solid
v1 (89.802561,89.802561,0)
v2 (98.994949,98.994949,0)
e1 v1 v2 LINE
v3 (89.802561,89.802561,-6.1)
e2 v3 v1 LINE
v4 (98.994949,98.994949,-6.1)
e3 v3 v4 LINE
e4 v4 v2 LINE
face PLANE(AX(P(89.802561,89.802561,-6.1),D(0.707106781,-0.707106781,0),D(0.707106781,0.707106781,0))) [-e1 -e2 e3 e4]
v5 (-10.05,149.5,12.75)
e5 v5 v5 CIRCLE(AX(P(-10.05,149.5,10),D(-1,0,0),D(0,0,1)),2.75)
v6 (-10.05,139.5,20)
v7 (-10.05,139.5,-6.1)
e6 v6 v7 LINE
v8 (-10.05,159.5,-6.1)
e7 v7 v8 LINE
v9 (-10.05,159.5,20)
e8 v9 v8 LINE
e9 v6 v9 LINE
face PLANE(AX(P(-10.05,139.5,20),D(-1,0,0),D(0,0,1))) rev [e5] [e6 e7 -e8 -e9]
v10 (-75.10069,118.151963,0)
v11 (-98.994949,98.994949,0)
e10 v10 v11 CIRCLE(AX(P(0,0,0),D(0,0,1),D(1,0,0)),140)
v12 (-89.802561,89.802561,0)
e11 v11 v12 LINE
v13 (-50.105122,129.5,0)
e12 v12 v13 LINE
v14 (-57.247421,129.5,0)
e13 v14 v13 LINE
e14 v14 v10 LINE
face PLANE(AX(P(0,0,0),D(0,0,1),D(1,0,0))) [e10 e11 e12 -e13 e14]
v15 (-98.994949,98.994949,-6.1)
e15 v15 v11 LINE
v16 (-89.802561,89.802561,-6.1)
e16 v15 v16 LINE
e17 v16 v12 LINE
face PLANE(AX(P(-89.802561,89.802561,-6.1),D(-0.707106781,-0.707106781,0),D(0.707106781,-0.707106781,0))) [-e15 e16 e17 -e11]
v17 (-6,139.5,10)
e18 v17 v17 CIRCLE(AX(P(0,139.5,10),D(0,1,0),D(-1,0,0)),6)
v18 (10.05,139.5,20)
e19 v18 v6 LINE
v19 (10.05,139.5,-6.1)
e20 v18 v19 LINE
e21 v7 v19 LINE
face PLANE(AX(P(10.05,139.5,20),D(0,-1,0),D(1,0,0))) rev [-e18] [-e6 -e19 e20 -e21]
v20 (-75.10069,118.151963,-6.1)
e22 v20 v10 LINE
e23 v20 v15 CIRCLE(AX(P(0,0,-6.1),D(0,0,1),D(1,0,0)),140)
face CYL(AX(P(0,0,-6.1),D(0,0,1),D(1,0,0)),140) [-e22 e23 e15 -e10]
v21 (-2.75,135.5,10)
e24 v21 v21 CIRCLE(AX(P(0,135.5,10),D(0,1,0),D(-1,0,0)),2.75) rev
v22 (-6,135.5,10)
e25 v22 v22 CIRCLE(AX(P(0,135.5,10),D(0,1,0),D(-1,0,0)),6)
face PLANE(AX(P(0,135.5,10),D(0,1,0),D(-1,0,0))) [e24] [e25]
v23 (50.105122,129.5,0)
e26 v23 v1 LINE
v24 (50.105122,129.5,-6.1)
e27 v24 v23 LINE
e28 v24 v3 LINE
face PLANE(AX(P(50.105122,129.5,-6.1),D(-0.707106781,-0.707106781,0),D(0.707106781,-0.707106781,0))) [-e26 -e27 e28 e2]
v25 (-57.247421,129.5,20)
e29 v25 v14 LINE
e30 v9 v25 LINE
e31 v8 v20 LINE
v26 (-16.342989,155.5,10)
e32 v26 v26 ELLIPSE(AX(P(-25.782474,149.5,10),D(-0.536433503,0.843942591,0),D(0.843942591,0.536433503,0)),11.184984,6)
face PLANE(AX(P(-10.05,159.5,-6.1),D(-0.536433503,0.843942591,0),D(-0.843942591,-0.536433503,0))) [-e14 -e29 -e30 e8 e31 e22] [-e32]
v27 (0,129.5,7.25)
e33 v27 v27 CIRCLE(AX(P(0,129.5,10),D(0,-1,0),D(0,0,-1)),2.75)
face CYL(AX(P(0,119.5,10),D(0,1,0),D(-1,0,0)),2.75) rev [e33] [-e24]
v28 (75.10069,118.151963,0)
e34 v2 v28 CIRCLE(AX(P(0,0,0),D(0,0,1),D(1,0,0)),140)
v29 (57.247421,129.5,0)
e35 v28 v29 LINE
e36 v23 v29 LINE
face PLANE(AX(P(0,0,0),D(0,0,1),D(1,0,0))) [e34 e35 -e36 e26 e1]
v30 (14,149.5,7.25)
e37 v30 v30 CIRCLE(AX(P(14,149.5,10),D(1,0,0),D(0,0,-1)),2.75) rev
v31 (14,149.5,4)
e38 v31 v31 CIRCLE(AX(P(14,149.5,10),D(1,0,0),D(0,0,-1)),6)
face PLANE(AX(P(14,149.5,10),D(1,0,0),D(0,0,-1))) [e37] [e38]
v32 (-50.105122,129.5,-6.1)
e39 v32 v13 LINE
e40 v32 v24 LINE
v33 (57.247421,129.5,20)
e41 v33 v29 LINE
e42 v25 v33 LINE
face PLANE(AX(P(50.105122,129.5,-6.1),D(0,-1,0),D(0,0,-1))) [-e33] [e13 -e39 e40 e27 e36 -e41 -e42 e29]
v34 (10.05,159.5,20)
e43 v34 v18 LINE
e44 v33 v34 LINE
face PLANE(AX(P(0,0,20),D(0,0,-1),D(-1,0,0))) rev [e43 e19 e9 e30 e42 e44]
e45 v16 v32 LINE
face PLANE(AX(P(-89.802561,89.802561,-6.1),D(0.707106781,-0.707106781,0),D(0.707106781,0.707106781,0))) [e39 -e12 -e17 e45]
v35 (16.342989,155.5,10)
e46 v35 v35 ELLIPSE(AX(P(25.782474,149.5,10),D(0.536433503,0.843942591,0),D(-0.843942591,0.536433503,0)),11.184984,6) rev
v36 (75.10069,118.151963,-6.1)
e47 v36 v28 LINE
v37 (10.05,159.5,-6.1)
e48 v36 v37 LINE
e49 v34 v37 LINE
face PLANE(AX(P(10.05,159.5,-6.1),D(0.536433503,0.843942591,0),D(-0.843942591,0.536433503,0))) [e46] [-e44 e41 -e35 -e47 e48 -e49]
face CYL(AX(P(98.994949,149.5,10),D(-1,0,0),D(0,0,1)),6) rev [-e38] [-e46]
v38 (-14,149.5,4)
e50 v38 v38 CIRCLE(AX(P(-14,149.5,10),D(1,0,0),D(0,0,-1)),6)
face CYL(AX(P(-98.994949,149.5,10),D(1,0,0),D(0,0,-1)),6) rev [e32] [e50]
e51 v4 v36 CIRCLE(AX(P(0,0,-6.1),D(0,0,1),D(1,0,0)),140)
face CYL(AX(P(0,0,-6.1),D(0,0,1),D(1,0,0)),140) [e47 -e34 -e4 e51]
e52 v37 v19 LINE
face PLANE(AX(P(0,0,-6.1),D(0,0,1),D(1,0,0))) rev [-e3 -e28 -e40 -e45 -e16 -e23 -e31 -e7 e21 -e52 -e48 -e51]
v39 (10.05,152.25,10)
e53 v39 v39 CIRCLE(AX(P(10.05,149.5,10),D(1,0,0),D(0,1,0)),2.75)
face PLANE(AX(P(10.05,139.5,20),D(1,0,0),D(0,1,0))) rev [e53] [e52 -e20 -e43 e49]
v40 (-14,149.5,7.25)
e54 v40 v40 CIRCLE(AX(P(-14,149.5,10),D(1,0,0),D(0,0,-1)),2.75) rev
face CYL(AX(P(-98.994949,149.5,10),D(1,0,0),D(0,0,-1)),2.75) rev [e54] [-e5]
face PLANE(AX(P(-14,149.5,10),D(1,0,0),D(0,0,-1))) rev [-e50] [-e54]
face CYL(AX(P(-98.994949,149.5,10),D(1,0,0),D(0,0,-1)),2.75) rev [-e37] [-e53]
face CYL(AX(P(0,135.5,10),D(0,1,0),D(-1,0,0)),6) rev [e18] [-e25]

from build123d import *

# Parameters (mm, degrees)
BOSS_EXTRUDE4_DEPTH     = 6.1
BOSS_EXTRUDE5_DEPTH     = 20
BOSS_EXTRUDE6_DEPTH     = 6.1
BOSS_EXTRUDE7_DEPTH     = 20
CUT_EXTRUDE1_DEPTH      = 189.786254796
CUT_EXTRUDE1_DEPTH_BACK = 189.786254796
SKETCH9_W               = 20.1
SKETCH9_H               = 10
SKETCH10_R              = 2.75
CUT_EXTRUDE2_DEPTH      = 20
SKETCH11_R              = 6
CUT_EXTRUDE3_DEPTH      = 4
CUT_EXTRUDE4_DEPTH      = 189.786254796
CUT_EXTRUDE4_DEPTH_BACK = 189.786254796
SKETCH12_R              = 2.75
SKETCH13_R              = 6
CUT_EXTRUDE5_DEPTH      = 197.489461759
SKETCH14_R              = 6
CUT_EXTRUDE6_DEPTH      = 197.489461759


with BuildPart() as part:
    # Sketch5 → Boss-Extrude4 (new body)
    with BuildSketch(Plane.XY):
        with BuildLine():
            Line((-89.802561211, 89.802561211), (-50.105122421, 129.5))
            Line((-50.105122421, 129.5), (50.105122421, 129.5))
            Line((50.105122421, 129.5), (89.802561211, 89.802561211))
            Line((89.802561211, 89.802561211), (98.994949366, 98.994949366))
            ThreePointArc((98.994949366, 98.994949366), (0, 140), (-98.994949366, 98.994949366))
            Line((-98.994949366, 98.994949366), (-89.802561211, 89.802561211))
        make_face()
    extrude(amount=-BOSS_EXTRUDE4_DEPTH)

    # Sketch6 → Boss-Extrude5 (add)
    with BuildSketch(Plane.XY):
        Polygon((10.05, 139.5), (-10.05, 139.5), (-10.05, 159.5), (-50.105122421, 130.726725298), (-50.105122421, 129.5), (50.105122421, 129.5), (50.105122421, 130.726725298), (10.05, 159.5), align=None)
    extrude(amount=BOSS_EXTRUDE5_DEPTH)

    # Sketch7 → Boss-Extrude6 (add)
    with BuildSketch(Plane.XY):
        with BuildLine():
            Line((-10.05, 159.5), (-75.100690367, 118.15196277))
            ThreePointArc((-75.100690367, 118.15196277), (-87.573230694, 109.228793209), (-98.994949366, 98.994949366))
            Line((-98.994949366, 98.994949366), (-89.802561211, 89.802561211))
            Line((-89.802561211, 89.802561211), (-50.105122421, 129.5))
            Line((-50.105122421, 129.5), (50.105122421, 129.5))
            Line((50.105122421, 129.5), (89.802561211, 89.802561211))
            Line((89.802561211, 89.802561211), (98.994949366, 98.994949366))
            ThreePointArc((98.994949366, 98.994949366), (87.573230694, 109.228793209), (75.100690367, 118.15196277))
            Line((75.100690367, 118.15196277), (10.05, 159.5))
            Line((10.05, 159.5), (10.05, 139.5))
            Line((10.05, 139.5), (-10.05, 139.5))
            Line((-10.05, 139.5), (-10.05, 159.5))
        make_face()
    extrude(amount=-BOSS_EXTRUDE6_DEPTH)

    # Sketch8 → Boss-Extrude7 (add)
    with BuildSketch(Plane.XY):
        Polygon((-50.105122421, 130.726725298), (-50.105122421, 129.5), (-57.247420766, 129.5), (-10.05, 159.5), align=None)
        Polygon((50.105122421, 129.5), (57.247420766, 129.5), (10.05, 159.5), (50.105122421, 130.726725298), align=None)
    extrude(amount=BOSS_EXTRUDE7_DEPTH)

    # Sketch9 → Cut-Extrude1 (cut, two sides: drawn at the far end of the back side and taken through both)
    with BuildSketch(Plane.XY.offset(-CUT_EXTRUDE1_DEPTH_BACK)):
        with Locations((0, 144.5)):
            Rectangle(SKETCH9_W, SKETCH9_H)
    extrude(amount=CUT_EXTRUDE1_DEPTH + CUT_EXTRUDE1_DEPTH_BACK, mode=Mode.SUBTRACT)

    # Sketch10 → Cut-Extrude2 (cut)
    with BuildSketch(Plane(origin=(0, 139.5, 0), x_dir=(1, 0, 0), z_dir=(0, 1, 0))):
        with Locations(Location((0, -10, 0), (0, 0, 180))):
            Circle(SKETCH10_R)
    extrude(amount=-CUT_EXTRUDE2_DEPTH, mode=Mode.SUBTRACT)

    # Sketch11 → Cut-Extrude3 (cut)
    with BuildSketch(Plane(origin=(0, 139.5, 0), x_dir=(1, 0, 0), z_dir=(0, 1, 0))):
        with Locations(Location((0, -10, 0), (0, 0, 180))):
            Circle(SKETCH11_R)
    extrude(amount=-CUT_EXTRUDE3_DEPTH, mode=Mode.SUBTRACT)

    # Sketch12 → Cut-Extrude4 (cut, two sides: drawn at the far end of the back side and taken through both)
    with BuildSketch(Plane(origin=(0, 0, 0), x_dir=(0, 0, -1), z_dir=(1, 0, 0)).offset(-CUT_EXTRUDE4_DEPTH_BACK)):
        with Locations(Location((-10, 149.5, 0), (0, 0, 270))):
            Circle(SKETCH12_R)
    extrude(amount=CUT_EXTRUDE4_DEPTH + CUT_EXTRUDE4_DEPTH_BACK, mode=Mode.SUBTRACT)

    # Sketch13 → Cut-Extrude5 (cut, through all)
    with BuildSketch(Plane(origin=(14, 0, 0), x_dir=(0, 0, -1), z_dir=(1, 0, 0))):
        with Locations(Location((-10, 149.5, 0), (0, 0, 90))):
            Circle(SKETCH13_R)
    extrude(amount=CUT_EXTRUDE5_DEPTH, mode=Mode.SUBTRACT)

    # Sketch14 → Cut-Extrude6 (cut, through all)
    with BuildSketch(Plane(origin=(-14, 0, 0), x_dir=(0, 0, -1), z_dir=(1, 0, 0))):
        with Locations(Location((-10, 149.5, 0), (0, 0, 90))):
            Circle(SKETCH14_R)
    extrude(amount=-CUT_EXTRUDE6_DEPTH, mode=Mode.SUBTRACT)


solid = part.part
